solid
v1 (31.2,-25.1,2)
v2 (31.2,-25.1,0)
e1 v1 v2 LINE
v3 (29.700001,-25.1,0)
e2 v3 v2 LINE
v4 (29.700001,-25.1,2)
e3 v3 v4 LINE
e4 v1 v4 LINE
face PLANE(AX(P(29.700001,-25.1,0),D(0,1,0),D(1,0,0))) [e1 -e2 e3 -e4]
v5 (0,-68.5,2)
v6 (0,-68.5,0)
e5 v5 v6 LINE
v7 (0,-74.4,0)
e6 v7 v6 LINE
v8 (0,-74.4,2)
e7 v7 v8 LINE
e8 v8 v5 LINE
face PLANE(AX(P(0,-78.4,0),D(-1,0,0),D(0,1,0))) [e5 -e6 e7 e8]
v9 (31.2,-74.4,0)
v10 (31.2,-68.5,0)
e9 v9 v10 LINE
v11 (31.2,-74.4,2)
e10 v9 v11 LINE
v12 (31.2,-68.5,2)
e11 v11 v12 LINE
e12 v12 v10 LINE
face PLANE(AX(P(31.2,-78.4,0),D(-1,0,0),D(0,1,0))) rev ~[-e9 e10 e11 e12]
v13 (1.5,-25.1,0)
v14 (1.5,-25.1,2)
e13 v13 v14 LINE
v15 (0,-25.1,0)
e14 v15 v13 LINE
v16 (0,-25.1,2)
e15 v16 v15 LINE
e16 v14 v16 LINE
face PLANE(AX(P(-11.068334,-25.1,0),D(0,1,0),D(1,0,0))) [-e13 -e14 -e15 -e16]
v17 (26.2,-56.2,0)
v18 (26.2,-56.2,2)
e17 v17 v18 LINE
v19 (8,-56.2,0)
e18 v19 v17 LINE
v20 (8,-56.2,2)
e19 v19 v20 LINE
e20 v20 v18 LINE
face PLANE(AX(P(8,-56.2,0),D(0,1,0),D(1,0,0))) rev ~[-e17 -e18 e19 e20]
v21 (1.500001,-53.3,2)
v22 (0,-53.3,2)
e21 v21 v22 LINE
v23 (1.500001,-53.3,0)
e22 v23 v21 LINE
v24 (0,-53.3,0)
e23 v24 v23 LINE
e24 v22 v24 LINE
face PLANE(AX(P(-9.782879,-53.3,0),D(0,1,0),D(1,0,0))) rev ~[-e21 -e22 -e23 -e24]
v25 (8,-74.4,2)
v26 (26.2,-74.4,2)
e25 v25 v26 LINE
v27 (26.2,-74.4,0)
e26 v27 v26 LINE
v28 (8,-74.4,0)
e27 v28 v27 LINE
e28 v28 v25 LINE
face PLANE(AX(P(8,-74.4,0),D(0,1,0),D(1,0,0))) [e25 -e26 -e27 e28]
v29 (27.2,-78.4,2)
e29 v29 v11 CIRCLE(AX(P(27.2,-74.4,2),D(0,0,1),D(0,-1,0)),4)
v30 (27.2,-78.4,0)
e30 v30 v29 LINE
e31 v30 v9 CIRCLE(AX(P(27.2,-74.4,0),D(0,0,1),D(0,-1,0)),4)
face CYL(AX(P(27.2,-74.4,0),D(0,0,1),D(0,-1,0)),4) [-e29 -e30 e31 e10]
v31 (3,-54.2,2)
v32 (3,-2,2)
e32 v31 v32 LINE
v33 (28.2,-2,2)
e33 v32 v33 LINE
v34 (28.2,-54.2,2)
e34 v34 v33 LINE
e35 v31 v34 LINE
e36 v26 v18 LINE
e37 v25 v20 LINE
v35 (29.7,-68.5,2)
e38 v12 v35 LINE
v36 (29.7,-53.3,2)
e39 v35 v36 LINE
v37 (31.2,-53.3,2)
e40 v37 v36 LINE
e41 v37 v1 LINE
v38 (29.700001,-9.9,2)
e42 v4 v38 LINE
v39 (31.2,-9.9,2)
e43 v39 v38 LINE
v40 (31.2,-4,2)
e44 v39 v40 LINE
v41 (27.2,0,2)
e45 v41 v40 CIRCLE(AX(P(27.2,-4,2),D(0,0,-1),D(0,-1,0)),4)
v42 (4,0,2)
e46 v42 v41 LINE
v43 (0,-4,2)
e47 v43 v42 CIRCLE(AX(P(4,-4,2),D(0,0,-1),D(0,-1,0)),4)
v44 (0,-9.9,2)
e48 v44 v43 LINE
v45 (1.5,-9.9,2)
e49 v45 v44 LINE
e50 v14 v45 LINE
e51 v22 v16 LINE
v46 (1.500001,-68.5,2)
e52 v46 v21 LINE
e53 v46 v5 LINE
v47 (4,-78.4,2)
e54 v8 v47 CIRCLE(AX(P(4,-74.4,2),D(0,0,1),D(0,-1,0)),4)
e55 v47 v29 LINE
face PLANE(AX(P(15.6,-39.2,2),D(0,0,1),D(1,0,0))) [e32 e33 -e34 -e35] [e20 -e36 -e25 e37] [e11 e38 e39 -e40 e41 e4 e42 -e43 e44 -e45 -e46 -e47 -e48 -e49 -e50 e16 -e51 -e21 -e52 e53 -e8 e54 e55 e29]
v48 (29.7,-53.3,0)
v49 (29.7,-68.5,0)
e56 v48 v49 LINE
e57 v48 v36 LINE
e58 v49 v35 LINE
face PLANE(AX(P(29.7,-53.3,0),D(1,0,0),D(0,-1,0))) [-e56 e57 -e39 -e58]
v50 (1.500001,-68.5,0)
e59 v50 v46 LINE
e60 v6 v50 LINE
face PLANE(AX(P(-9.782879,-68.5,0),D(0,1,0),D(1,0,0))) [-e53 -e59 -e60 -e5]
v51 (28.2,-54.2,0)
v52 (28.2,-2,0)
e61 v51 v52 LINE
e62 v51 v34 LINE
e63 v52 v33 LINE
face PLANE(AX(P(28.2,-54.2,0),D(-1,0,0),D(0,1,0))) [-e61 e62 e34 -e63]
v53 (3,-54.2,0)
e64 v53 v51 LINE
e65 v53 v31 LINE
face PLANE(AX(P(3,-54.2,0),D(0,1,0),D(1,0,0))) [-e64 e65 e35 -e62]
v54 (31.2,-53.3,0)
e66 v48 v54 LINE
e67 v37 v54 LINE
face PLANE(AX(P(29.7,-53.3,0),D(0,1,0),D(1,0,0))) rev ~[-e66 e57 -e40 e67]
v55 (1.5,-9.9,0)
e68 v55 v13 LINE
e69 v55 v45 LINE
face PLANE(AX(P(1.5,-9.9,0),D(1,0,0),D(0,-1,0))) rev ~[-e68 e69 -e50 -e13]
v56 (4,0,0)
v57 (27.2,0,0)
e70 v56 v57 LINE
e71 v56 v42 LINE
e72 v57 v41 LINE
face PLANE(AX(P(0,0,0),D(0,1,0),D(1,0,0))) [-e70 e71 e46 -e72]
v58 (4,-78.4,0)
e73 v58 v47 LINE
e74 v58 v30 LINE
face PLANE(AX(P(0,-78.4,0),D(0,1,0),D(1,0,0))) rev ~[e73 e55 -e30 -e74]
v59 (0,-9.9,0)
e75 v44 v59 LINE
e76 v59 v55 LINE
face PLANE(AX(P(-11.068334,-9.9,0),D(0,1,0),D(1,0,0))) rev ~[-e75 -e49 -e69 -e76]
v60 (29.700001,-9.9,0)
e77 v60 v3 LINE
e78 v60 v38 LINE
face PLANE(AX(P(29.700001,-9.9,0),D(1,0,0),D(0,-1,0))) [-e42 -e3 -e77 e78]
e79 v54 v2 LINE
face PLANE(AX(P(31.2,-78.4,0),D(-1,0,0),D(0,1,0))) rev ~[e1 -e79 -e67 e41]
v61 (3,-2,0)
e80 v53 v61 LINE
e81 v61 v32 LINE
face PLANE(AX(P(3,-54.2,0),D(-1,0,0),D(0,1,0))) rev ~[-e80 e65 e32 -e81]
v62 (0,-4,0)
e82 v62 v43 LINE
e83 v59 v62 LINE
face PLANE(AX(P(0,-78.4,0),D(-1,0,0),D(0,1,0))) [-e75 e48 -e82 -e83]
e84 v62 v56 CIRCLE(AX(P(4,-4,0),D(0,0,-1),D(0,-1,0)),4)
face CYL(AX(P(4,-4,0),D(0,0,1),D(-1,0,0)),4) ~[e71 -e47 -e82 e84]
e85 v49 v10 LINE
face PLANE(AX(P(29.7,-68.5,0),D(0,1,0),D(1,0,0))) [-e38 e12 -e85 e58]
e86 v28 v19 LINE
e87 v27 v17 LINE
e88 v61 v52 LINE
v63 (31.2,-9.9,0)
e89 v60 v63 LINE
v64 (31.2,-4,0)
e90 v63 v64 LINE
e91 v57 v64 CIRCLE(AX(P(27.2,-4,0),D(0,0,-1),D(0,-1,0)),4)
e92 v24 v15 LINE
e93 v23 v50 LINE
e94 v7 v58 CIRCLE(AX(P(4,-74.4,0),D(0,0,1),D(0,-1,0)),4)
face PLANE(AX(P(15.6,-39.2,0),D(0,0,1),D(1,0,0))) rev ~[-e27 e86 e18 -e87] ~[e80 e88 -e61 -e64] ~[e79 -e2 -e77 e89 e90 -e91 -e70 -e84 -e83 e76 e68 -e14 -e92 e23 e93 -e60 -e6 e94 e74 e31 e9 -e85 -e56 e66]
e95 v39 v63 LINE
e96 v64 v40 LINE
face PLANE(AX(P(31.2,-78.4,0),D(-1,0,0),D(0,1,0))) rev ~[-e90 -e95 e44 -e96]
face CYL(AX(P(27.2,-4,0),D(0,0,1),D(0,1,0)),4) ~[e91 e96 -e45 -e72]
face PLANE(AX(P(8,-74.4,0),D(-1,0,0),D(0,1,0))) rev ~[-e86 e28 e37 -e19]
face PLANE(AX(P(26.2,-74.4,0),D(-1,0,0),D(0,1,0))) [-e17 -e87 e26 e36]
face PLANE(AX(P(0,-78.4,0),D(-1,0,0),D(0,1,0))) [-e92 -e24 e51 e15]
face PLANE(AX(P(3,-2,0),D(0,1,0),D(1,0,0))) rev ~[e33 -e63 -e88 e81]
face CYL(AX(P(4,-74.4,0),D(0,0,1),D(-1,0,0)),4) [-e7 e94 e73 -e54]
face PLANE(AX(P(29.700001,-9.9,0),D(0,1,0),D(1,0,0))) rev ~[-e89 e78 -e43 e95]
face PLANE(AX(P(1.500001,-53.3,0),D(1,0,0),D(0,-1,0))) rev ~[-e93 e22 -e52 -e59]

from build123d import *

# Parameters (mm, degrees)
SKETCH_W        = 31.2
SKETCH_H        = 78.4
SKETCH_W_2      = 25.2
SKETCH_H_2      = 52.2
SKETCH_W_3      = 18.2
SKETCH_H_3      = 18.2
PAD_DEPTH       = 2
SKETCH007_W     = 11.282879
SKETCH007_H     = 15.2
SKETCH007_W_2   = 12.568334
SKETCH007_W_3   = 28.383078
SKETCH007_W_4   = 31.922889
POCKET002_DEPTH = 5
FILLET002_R     = 4


with BuildPart() as part:
    # Sketch → Pad (new body)
    with BuildSketch(Plane.XY):
        with Locations((15.6, -39.2)):
            Rectangle(SKETCH_W, SKETCH_H)
        with Locations((15.6, -28.1)):
            Rectangle(SKETCH_W_2, SKETCH_H_2, mode=Mode.SUBTRACT)
        with Locations((17.1, -65.3)):
            Rectangle(SKETCH_W_3, SKETCH_H_3, mode=Mode.SUBTRACT)
    extrude(amount=PAD_DEPTH)

    # Sketch007 (on Face13 of Pad) → Pocket002 (cut)
    with BuildSketch(Plane(origin=(0, 0, 0), x_dir=(1, 0, 0), z_dir=(0, 0, -1))):
        with Locations((-4.141439, 60.9)):
            Rectangle(SKETCH007_W, SKETCH007_H)
        with Locations((-4.784167, 17.5)):
            Rectangle(SKETCH007_W_2, SKETCH007_H)
        with Locations((43.891539, 60.9)):
            Rectangle(SKETCH007_W_3, SKETCH007_H)
        with Locations((45.661445, 17.5)):
            Rectangle(SKETCH007_W_4, SKETCH007_H)
    extrude(amount=-POCKET002_DEPTH, mode=Mode.SUBTRACT)

    # Fillet002
    fillet002_edges = [part.edges().sort_by_distance(p)[0] for p in [
        (31.2, 0, 1),
        (0, 0, 1),
        (0, -78.4, 1),
        (31.2, -78.4, 1),
    ]]
    fillet(fillet002_edges, radius=FILLET002_R)


solid = part.part
